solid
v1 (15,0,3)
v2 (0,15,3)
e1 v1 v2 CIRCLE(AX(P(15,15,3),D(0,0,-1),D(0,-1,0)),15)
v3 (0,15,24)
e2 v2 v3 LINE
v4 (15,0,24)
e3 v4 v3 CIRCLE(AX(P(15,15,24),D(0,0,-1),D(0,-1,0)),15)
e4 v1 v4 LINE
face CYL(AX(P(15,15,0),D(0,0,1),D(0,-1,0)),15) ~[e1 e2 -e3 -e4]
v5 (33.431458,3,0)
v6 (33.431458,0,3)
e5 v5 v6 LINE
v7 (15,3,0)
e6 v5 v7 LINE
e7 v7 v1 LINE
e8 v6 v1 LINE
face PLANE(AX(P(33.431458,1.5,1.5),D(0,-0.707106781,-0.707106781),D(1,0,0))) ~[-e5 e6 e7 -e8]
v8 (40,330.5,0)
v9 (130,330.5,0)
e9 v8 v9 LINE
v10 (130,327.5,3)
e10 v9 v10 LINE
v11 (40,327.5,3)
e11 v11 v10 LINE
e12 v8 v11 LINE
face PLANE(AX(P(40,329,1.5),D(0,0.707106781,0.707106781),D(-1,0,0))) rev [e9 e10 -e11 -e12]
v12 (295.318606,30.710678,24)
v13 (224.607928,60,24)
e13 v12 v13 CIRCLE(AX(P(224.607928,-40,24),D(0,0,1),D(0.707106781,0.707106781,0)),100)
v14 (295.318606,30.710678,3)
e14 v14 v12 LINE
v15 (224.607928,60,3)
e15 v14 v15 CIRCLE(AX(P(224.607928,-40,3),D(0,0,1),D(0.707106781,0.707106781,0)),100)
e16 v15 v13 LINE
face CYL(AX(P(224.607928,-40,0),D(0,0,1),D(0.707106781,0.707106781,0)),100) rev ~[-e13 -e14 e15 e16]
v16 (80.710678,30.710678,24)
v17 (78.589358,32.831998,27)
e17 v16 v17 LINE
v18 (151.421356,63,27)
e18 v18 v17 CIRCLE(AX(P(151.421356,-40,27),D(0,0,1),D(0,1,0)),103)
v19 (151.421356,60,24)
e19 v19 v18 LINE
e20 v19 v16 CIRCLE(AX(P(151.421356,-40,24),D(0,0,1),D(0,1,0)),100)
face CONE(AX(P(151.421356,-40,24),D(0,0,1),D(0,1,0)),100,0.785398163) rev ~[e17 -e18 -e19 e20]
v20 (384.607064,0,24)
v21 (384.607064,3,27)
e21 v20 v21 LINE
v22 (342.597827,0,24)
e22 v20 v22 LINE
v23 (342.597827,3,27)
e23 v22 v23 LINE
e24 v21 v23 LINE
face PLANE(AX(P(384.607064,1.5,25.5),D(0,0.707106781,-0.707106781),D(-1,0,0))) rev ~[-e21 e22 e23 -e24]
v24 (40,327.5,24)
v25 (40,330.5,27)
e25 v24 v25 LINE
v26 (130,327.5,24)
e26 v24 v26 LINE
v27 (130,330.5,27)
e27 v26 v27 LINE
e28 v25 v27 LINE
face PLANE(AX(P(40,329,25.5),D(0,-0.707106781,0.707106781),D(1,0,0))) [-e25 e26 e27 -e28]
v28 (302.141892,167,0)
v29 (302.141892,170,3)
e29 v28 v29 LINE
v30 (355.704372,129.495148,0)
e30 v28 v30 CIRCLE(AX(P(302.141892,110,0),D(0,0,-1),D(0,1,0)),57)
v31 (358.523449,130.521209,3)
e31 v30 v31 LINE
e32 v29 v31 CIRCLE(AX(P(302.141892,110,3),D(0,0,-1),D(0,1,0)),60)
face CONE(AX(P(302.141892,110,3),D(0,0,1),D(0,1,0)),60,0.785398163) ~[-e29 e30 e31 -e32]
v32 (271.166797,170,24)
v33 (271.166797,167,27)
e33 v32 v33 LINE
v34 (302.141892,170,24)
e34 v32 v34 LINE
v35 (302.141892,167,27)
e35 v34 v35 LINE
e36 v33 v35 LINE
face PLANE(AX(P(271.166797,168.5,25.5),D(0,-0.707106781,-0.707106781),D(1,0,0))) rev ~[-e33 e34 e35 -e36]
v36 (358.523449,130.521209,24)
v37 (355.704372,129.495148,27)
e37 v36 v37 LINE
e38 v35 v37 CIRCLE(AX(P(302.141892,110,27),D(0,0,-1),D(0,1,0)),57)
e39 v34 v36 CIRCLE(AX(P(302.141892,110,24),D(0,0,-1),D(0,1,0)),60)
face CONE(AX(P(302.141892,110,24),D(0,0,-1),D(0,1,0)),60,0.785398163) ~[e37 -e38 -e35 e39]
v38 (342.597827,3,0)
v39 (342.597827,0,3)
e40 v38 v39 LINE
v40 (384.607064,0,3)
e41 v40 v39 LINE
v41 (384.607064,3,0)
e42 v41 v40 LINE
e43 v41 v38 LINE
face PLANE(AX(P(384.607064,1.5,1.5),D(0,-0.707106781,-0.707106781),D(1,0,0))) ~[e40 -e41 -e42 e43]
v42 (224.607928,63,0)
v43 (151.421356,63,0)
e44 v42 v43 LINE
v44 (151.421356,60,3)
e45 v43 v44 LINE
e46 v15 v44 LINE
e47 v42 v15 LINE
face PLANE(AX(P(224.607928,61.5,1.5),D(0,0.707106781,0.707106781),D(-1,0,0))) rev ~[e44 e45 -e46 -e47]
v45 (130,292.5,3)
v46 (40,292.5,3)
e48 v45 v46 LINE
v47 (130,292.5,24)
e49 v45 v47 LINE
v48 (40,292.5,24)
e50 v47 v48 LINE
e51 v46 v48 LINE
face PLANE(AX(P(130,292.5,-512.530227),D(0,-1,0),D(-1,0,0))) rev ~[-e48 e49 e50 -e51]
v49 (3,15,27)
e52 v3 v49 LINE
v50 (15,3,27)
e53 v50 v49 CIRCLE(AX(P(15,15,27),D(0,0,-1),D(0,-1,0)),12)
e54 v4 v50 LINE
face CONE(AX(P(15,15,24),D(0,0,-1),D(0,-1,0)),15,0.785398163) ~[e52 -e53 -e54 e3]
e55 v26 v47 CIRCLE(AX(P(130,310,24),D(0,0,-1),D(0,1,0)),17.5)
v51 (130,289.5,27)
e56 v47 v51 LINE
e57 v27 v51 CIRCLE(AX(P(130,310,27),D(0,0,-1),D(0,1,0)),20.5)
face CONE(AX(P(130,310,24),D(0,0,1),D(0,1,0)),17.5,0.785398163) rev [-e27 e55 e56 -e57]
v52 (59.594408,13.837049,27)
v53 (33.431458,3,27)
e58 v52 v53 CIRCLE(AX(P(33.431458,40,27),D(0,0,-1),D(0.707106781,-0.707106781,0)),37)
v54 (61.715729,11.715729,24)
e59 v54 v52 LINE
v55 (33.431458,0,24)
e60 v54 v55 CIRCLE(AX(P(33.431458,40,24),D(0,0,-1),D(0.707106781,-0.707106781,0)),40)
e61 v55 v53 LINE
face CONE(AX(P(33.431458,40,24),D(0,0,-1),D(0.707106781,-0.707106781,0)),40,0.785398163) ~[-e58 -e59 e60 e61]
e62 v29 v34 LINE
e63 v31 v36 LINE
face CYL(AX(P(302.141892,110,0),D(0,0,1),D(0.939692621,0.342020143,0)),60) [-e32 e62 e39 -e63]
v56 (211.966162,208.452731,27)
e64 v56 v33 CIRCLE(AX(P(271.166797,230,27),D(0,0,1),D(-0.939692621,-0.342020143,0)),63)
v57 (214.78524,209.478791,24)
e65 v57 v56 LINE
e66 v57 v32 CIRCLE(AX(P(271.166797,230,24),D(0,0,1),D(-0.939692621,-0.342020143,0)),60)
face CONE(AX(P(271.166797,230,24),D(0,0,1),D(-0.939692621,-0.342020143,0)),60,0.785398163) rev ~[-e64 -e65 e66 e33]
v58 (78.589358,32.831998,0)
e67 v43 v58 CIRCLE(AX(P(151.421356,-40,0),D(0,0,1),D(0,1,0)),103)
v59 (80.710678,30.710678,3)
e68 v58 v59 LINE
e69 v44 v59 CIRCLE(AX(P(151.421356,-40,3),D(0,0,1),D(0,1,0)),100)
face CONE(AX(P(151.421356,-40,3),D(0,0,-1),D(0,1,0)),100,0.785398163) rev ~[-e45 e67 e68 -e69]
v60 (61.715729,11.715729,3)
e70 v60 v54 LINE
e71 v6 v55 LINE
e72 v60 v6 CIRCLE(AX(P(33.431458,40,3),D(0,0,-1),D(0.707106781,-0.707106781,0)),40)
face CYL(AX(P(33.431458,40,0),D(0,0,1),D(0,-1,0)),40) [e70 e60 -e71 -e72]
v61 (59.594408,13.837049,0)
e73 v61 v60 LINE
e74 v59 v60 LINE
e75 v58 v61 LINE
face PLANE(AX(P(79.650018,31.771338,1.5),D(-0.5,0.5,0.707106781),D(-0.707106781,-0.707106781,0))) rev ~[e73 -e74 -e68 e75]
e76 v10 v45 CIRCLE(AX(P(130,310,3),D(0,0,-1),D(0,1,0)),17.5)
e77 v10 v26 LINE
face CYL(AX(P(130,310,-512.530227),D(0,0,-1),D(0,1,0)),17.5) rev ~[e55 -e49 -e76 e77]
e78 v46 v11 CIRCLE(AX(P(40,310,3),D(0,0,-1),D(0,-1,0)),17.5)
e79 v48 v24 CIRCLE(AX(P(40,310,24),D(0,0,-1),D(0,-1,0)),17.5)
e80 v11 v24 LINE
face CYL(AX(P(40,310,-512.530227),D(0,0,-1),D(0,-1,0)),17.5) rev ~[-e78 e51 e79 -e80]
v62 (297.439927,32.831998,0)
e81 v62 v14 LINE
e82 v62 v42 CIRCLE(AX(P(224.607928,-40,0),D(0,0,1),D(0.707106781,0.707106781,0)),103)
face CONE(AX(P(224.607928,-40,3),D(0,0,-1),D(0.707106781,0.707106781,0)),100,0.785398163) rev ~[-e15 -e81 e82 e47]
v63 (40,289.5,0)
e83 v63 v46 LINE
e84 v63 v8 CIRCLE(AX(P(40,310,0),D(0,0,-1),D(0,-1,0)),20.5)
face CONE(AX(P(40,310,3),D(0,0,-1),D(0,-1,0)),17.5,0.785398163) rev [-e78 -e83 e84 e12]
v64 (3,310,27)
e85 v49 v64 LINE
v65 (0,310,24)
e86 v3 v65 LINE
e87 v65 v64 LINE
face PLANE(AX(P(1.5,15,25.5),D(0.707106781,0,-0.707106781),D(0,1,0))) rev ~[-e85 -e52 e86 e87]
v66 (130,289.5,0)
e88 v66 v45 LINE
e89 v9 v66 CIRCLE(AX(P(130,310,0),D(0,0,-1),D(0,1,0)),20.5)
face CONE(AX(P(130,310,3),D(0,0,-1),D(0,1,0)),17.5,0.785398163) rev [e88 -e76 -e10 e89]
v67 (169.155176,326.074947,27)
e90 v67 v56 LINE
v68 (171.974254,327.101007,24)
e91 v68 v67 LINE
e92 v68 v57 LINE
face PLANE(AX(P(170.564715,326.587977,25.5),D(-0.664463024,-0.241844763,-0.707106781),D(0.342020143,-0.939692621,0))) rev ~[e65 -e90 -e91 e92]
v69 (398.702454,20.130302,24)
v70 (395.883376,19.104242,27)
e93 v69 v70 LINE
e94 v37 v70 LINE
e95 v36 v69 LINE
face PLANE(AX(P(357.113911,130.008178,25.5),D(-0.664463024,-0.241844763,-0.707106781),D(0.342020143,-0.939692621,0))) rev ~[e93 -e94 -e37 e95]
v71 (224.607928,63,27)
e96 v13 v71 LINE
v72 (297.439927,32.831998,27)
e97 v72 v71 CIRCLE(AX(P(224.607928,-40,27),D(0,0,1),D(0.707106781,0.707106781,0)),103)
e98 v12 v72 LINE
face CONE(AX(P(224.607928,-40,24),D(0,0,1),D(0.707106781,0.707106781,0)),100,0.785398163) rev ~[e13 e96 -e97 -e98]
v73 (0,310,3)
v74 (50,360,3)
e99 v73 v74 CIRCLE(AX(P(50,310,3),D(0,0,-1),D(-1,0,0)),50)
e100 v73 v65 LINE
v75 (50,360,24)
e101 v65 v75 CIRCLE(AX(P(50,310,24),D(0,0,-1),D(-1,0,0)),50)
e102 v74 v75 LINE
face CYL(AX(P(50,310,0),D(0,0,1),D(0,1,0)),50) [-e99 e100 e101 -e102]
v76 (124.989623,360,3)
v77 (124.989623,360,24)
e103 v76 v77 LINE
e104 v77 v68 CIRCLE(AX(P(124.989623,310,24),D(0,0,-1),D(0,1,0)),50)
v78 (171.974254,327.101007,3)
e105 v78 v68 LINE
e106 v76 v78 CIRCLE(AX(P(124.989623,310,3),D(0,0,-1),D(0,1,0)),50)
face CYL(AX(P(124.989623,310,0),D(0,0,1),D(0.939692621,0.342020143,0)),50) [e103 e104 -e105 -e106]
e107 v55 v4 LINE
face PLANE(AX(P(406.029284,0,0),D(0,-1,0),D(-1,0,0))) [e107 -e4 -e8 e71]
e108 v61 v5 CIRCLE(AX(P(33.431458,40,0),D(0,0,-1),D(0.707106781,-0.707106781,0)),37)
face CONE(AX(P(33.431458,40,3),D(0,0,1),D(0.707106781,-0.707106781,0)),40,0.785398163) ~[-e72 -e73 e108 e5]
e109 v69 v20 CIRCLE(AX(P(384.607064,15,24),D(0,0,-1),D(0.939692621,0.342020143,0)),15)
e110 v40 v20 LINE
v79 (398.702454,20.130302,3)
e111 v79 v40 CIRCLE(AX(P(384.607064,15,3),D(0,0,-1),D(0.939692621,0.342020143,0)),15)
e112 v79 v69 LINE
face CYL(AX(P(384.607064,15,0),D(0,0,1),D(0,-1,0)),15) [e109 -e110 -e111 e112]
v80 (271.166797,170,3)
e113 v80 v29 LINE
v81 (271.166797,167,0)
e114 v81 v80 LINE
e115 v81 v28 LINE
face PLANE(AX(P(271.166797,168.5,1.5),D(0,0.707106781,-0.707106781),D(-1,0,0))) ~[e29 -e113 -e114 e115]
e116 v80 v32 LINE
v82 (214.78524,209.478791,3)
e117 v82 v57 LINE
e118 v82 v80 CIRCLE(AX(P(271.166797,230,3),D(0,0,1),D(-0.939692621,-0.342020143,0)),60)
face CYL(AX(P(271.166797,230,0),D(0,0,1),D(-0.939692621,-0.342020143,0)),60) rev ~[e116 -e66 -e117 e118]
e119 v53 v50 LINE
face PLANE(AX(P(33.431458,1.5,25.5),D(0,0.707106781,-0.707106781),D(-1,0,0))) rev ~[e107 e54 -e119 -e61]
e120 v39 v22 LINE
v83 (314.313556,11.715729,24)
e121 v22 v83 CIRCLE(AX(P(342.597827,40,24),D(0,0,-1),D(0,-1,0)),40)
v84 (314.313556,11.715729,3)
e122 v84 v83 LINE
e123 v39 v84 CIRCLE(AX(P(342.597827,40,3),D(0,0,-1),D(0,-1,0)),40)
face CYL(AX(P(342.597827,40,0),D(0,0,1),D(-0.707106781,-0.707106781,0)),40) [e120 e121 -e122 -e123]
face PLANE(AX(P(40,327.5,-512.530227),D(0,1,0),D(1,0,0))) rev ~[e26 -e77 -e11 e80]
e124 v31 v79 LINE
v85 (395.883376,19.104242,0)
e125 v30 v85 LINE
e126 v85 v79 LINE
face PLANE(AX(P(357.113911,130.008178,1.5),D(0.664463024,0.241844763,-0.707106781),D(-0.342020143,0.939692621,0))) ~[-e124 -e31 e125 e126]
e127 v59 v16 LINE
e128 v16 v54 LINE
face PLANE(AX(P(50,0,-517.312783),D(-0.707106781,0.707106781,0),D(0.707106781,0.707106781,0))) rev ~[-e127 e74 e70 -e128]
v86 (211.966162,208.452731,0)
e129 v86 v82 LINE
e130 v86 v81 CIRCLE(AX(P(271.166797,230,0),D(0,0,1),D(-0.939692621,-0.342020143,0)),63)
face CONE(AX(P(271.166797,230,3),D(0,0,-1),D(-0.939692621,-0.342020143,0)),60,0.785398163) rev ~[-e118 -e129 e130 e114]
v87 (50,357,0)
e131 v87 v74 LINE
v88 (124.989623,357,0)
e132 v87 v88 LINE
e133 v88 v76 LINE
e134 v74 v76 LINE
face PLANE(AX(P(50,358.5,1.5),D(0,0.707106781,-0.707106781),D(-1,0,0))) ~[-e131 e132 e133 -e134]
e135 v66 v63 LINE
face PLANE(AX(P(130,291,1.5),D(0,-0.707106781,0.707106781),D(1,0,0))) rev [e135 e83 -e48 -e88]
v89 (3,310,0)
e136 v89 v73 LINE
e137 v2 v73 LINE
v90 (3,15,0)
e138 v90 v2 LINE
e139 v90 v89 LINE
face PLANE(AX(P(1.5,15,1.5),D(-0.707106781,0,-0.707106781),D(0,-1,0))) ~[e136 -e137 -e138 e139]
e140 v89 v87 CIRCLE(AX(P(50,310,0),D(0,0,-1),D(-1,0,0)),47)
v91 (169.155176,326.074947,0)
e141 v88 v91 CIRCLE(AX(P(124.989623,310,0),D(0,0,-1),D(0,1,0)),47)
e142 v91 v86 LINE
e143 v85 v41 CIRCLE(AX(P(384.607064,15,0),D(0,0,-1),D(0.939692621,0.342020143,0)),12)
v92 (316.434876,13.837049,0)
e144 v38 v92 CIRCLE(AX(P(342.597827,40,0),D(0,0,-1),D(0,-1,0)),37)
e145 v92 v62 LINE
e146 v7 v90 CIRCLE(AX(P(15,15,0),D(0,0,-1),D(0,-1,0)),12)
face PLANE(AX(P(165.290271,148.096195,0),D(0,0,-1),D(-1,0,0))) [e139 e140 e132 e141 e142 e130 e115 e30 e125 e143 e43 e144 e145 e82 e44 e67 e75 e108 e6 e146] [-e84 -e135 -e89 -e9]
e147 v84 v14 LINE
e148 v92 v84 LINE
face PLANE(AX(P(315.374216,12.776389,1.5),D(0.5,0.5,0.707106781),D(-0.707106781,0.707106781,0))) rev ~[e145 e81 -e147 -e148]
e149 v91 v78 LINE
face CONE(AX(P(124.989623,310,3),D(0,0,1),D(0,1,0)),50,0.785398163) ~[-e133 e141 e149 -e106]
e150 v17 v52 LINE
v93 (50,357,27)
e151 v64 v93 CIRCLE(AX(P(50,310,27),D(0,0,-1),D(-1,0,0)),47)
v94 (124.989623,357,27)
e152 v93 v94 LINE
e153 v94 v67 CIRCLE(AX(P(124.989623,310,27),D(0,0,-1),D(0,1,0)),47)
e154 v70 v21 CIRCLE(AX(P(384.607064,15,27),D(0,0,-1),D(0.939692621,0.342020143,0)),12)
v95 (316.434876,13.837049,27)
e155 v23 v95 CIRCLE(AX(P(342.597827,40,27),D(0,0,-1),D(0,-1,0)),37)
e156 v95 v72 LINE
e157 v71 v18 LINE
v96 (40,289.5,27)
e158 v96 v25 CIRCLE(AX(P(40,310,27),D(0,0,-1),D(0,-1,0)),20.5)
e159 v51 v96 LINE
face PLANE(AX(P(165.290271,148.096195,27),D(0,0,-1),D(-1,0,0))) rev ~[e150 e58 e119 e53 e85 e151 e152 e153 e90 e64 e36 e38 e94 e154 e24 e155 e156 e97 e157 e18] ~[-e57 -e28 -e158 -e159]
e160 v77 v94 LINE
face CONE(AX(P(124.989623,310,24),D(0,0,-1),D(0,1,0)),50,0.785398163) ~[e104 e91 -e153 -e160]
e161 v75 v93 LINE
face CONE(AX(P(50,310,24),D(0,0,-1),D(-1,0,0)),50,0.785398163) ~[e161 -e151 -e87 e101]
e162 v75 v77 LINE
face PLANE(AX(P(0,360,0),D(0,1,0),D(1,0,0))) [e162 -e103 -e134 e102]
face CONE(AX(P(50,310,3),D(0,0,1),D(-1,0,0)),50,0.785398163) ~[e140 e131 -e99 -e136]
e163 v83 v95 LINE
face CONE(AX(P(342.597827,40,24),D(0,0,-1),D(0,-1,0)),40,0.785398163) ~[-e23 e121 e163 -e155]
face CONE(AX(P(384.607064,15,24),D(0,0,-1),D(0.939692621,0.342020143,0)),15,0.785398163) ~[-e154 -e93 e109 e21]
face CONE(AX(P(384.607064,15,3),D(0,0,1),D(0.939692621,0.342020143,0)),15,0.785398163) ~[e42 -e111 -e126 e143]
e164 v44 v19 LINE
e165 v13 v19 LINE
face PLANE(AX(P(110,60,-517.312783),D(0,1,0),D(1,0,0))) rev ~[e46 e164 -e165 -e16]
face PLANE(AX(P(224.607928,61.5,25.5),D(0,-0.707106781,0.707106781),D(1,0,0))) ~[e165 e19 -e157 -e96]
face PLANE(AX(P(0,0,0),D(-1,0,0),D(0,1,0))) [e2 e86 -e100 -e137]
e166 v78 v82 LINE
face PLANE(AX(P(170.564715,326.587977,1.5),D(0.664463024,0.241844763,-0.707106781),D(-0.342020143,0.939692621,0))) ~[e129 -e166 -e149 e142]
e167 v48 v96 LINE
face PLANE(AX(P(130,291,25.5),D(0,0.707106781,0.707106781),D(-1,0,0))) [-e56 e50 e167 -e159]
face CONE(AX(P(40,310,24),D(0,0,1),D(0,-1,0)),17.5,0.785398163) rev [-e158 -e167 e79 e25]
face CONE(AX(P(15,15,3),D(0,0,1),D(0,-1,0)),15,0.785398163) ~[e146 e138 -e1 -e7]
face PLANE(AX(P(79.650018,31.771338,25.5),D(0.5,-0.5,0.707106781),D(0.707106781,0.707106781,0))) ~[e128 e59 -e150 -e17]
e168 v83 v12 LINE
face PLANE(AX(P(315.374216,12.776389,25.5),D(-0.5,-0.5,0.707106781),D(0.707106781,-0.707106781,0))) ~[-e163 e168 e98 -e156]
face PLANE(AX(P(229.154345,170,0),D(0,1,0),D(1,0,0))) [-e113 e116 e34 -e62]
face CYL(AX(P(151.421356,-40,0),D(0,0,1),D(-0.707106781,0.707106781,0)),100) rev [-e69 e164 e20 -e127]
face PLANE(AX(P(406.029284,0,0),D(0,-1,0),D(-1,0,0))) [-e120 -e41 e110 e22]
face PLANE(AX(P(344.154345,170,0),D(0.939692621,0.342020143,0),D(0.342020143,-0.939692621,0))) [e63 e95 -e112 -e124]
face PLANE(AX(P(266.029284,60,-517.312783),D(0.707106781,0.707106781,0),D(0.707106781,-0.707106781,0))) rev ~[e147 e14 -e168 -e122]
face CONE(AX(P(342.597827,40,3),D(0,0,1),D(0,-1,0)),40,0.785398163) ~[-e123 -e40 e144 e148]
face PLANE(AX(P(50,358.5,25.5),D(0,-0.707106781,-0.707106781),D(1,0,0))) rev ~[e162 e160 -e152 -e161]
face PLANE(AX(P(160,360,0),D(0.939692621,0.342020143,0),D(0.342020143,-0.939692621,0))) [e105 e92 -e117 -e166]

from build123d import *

# Parameters (mm, degrees)
BOSS_EXTRU_1_DEPTH           = 27
ENL_V_MAT_EXTRU_1_DEPTH      = 544.312782602
ENL_V_MAT_EXTRU_1_DEPTH_BACK = 544.312782602
CONG_3_R                     = 60
CONG_4_R                     = 50
CONG_5_R                     = 100
CONG_6_R                     = 15
CONG_7_R                     = 40
ENL_V_MAT_EXTRU_2_DEPTH      = 539.530227365
ENL_V_MAT_EXTRU_2_DEPTH_BACK = 539.530227365
CHANFREIN1_SIZE              = 3


with BuildPart() as part:
    # Esquisse1 → Boss.-Extru.1 (new body)
    with BuildSketch(Plane.XY):
        Polygon((0, 0), (0, 360), (160, 360), (229.154344511, 170), (344.154344511, 170), (406.029284336, 0), align=None)
    extrude(amount=BOSS_EXTRU_1_DEPTH)

    # Esquisse2 → Enlèv. mat.-Extru.1 (cut, two sides: drawn at the far end of the back side and taken through both)
    with BuildSketch(Plane.XY.offset(27).offset(-ENL_V_MAT_EXTRU_1_DEPTH_BACK)):
        Polygon((50, 0), (110, 60), (266.029284336, 60), (326.029284336, 0), align=None)
    extrude(amount=ENL_V_MAT_EXTRU_1_DEPTH + ENL_V_MAT_EXTRU_1_DEPTH_BACK, mode=Mode.SUBTRACT)

    # Congé3
    cong_3_edges = [part.edges().sort_by_distance(p)[0] for p in [
        (229.154344511, 170, 13.5),
        (344.154344511, 170, 13.5),
    ]]
    fillet(cong_3_edges, radius=CONG_3_R)

    # Congé4
    cong_4_edges = [part.edges().sort_by_distance(p)[0] for p in [
        (0, 360, 13.5),
        (160, 360, 13.5),
    ]]
    fillet(cong_4_edges, radius=CONG_4_R)

    # Congé5
    cong_5_edges = [part.edges().sort_by_distance(p)[0] for p in [
        (110, 60, 13.5),
        (266.029284336, 60, 13.5),
    ]]
    fillet(cong_5_edges, radius=CONG_5_R)

    # Congé6
    cong_6_edges = [part.edges().sort_by_distance(p)[0] for p in [
        (0, 0, 13.5),
        (406.029284336, 0, 13.5),
    ]]
    fillet(cong_6_edges, radius=CONG_6_R)

    # Congé7
    cong_7_edges = [part.edges().sort_by_distance(p)[0] for p in [
        (326.029284336, 0, 13.5),
        (50, 0, 13.5),
    ]]
    fillet(cong_7_edges, radius=CONG_7_R)

    # Esquisse3 → Enlèv. mat.-Extru.2 (cut, two sides: drawn at the far end of the back side and taken through both)
    with BuildSketch(Plane.XY.offset(27).offset(-ENL_V_MAT_EXTRU_2_DEPTH_BACK)):
        with BuildLine():
            Line((40, 327.5), (130, 327.5))
            ThreePointArc((130, 327.5), (147.5, 310), (130, 292.5))
            Line((130, 292.5), (40, 292.5))
            ThreePointArc((40, 292.5), (22.5, 310), (40, 327.5))
        make_face()
    extrude(amount=ENL_V_MAT_EXTRU_2_DEPTH + ENL_V_MAT_EXTRU_2_DEPTH_BACK, mode=Mode.SUBTRACT)

    # Chanfrein1
    chanfrein1_edges = [part.edges().sort_by_distance(p)[0] for p in [
        (22.5, 310, 0),
        (85, 327.5, 0),
        (147.5, 310, 0),
        (85, 292.5, 0),
        (22.5, 310, 27),
        (85, 292.5, 27),
        (147.5, 310, 27),
        (85, 327.5, 27),
        (286.654344511, 170, 0),
        (286.654344511, 170, 27),
        (193.379746842, 268.289899283, 0),
        (336.556478399, 159.149122657, 0),
        (193.379746842, 268.289899283, 27),
        (336.556478399, 159.149122657, 27),
        (236.752210622, 180.850877343, 0),
        (236.752210622, 180.850877343, 27),
        (0, 162.5, 0),
        (0, 162.5, 27),
        (87.494811545, 360, 0),
        (153.668444907, 350.957602214, 0),
        (14.644660941, 345.355339059, 0),
        (87.494811545, 360, 27),
        (153.668444907, 350.957602214, 27),
        (14.644660941, 345.355339059, 27),
        (188.014642168, 60, 0),
        (188.014642168, 60, 27),
        (304.8160809, 21.213203436, 27),
        (71.213203436, 21.213203436, 0),
        (262.876271335, 52.387953251, 27),
        (262.876271335, 52.387953251, 0),
        (113.153013001, 52.387953251, 27),
        (113.153013001, 52.387953251, 0),
        (24.215728753, 0, 0),
        (24.215728753, 0, 27),
        (378.612951506, 75.325755375, 0),
        (396.894344899, 6.396353455, 0),
        (4.393398282, 4.393398282, 0),
        (378.612951506, 75.325755375, 27),
        (396.894344899, 6.396353455, 27),
        (4.393398282, 4.393398282, 27),
        (304.8160809, 21.213203436, 0),
        (71.213203436, 21.213203436, 27),
        (363.602445533, 0, 27),
        (48.7387948, 3.0448187, 27),
        (327.290489536, 3.0448187, 27),
        (363.602445533, 0, 0),
        (48.7387948, 3.0448187, 0),
        (327.290489536, 3.0448187, 0),
    ]]
    chamfer(chanfrein1_edges, length=CHANFREIN1_SIZE)


solid = part.part
